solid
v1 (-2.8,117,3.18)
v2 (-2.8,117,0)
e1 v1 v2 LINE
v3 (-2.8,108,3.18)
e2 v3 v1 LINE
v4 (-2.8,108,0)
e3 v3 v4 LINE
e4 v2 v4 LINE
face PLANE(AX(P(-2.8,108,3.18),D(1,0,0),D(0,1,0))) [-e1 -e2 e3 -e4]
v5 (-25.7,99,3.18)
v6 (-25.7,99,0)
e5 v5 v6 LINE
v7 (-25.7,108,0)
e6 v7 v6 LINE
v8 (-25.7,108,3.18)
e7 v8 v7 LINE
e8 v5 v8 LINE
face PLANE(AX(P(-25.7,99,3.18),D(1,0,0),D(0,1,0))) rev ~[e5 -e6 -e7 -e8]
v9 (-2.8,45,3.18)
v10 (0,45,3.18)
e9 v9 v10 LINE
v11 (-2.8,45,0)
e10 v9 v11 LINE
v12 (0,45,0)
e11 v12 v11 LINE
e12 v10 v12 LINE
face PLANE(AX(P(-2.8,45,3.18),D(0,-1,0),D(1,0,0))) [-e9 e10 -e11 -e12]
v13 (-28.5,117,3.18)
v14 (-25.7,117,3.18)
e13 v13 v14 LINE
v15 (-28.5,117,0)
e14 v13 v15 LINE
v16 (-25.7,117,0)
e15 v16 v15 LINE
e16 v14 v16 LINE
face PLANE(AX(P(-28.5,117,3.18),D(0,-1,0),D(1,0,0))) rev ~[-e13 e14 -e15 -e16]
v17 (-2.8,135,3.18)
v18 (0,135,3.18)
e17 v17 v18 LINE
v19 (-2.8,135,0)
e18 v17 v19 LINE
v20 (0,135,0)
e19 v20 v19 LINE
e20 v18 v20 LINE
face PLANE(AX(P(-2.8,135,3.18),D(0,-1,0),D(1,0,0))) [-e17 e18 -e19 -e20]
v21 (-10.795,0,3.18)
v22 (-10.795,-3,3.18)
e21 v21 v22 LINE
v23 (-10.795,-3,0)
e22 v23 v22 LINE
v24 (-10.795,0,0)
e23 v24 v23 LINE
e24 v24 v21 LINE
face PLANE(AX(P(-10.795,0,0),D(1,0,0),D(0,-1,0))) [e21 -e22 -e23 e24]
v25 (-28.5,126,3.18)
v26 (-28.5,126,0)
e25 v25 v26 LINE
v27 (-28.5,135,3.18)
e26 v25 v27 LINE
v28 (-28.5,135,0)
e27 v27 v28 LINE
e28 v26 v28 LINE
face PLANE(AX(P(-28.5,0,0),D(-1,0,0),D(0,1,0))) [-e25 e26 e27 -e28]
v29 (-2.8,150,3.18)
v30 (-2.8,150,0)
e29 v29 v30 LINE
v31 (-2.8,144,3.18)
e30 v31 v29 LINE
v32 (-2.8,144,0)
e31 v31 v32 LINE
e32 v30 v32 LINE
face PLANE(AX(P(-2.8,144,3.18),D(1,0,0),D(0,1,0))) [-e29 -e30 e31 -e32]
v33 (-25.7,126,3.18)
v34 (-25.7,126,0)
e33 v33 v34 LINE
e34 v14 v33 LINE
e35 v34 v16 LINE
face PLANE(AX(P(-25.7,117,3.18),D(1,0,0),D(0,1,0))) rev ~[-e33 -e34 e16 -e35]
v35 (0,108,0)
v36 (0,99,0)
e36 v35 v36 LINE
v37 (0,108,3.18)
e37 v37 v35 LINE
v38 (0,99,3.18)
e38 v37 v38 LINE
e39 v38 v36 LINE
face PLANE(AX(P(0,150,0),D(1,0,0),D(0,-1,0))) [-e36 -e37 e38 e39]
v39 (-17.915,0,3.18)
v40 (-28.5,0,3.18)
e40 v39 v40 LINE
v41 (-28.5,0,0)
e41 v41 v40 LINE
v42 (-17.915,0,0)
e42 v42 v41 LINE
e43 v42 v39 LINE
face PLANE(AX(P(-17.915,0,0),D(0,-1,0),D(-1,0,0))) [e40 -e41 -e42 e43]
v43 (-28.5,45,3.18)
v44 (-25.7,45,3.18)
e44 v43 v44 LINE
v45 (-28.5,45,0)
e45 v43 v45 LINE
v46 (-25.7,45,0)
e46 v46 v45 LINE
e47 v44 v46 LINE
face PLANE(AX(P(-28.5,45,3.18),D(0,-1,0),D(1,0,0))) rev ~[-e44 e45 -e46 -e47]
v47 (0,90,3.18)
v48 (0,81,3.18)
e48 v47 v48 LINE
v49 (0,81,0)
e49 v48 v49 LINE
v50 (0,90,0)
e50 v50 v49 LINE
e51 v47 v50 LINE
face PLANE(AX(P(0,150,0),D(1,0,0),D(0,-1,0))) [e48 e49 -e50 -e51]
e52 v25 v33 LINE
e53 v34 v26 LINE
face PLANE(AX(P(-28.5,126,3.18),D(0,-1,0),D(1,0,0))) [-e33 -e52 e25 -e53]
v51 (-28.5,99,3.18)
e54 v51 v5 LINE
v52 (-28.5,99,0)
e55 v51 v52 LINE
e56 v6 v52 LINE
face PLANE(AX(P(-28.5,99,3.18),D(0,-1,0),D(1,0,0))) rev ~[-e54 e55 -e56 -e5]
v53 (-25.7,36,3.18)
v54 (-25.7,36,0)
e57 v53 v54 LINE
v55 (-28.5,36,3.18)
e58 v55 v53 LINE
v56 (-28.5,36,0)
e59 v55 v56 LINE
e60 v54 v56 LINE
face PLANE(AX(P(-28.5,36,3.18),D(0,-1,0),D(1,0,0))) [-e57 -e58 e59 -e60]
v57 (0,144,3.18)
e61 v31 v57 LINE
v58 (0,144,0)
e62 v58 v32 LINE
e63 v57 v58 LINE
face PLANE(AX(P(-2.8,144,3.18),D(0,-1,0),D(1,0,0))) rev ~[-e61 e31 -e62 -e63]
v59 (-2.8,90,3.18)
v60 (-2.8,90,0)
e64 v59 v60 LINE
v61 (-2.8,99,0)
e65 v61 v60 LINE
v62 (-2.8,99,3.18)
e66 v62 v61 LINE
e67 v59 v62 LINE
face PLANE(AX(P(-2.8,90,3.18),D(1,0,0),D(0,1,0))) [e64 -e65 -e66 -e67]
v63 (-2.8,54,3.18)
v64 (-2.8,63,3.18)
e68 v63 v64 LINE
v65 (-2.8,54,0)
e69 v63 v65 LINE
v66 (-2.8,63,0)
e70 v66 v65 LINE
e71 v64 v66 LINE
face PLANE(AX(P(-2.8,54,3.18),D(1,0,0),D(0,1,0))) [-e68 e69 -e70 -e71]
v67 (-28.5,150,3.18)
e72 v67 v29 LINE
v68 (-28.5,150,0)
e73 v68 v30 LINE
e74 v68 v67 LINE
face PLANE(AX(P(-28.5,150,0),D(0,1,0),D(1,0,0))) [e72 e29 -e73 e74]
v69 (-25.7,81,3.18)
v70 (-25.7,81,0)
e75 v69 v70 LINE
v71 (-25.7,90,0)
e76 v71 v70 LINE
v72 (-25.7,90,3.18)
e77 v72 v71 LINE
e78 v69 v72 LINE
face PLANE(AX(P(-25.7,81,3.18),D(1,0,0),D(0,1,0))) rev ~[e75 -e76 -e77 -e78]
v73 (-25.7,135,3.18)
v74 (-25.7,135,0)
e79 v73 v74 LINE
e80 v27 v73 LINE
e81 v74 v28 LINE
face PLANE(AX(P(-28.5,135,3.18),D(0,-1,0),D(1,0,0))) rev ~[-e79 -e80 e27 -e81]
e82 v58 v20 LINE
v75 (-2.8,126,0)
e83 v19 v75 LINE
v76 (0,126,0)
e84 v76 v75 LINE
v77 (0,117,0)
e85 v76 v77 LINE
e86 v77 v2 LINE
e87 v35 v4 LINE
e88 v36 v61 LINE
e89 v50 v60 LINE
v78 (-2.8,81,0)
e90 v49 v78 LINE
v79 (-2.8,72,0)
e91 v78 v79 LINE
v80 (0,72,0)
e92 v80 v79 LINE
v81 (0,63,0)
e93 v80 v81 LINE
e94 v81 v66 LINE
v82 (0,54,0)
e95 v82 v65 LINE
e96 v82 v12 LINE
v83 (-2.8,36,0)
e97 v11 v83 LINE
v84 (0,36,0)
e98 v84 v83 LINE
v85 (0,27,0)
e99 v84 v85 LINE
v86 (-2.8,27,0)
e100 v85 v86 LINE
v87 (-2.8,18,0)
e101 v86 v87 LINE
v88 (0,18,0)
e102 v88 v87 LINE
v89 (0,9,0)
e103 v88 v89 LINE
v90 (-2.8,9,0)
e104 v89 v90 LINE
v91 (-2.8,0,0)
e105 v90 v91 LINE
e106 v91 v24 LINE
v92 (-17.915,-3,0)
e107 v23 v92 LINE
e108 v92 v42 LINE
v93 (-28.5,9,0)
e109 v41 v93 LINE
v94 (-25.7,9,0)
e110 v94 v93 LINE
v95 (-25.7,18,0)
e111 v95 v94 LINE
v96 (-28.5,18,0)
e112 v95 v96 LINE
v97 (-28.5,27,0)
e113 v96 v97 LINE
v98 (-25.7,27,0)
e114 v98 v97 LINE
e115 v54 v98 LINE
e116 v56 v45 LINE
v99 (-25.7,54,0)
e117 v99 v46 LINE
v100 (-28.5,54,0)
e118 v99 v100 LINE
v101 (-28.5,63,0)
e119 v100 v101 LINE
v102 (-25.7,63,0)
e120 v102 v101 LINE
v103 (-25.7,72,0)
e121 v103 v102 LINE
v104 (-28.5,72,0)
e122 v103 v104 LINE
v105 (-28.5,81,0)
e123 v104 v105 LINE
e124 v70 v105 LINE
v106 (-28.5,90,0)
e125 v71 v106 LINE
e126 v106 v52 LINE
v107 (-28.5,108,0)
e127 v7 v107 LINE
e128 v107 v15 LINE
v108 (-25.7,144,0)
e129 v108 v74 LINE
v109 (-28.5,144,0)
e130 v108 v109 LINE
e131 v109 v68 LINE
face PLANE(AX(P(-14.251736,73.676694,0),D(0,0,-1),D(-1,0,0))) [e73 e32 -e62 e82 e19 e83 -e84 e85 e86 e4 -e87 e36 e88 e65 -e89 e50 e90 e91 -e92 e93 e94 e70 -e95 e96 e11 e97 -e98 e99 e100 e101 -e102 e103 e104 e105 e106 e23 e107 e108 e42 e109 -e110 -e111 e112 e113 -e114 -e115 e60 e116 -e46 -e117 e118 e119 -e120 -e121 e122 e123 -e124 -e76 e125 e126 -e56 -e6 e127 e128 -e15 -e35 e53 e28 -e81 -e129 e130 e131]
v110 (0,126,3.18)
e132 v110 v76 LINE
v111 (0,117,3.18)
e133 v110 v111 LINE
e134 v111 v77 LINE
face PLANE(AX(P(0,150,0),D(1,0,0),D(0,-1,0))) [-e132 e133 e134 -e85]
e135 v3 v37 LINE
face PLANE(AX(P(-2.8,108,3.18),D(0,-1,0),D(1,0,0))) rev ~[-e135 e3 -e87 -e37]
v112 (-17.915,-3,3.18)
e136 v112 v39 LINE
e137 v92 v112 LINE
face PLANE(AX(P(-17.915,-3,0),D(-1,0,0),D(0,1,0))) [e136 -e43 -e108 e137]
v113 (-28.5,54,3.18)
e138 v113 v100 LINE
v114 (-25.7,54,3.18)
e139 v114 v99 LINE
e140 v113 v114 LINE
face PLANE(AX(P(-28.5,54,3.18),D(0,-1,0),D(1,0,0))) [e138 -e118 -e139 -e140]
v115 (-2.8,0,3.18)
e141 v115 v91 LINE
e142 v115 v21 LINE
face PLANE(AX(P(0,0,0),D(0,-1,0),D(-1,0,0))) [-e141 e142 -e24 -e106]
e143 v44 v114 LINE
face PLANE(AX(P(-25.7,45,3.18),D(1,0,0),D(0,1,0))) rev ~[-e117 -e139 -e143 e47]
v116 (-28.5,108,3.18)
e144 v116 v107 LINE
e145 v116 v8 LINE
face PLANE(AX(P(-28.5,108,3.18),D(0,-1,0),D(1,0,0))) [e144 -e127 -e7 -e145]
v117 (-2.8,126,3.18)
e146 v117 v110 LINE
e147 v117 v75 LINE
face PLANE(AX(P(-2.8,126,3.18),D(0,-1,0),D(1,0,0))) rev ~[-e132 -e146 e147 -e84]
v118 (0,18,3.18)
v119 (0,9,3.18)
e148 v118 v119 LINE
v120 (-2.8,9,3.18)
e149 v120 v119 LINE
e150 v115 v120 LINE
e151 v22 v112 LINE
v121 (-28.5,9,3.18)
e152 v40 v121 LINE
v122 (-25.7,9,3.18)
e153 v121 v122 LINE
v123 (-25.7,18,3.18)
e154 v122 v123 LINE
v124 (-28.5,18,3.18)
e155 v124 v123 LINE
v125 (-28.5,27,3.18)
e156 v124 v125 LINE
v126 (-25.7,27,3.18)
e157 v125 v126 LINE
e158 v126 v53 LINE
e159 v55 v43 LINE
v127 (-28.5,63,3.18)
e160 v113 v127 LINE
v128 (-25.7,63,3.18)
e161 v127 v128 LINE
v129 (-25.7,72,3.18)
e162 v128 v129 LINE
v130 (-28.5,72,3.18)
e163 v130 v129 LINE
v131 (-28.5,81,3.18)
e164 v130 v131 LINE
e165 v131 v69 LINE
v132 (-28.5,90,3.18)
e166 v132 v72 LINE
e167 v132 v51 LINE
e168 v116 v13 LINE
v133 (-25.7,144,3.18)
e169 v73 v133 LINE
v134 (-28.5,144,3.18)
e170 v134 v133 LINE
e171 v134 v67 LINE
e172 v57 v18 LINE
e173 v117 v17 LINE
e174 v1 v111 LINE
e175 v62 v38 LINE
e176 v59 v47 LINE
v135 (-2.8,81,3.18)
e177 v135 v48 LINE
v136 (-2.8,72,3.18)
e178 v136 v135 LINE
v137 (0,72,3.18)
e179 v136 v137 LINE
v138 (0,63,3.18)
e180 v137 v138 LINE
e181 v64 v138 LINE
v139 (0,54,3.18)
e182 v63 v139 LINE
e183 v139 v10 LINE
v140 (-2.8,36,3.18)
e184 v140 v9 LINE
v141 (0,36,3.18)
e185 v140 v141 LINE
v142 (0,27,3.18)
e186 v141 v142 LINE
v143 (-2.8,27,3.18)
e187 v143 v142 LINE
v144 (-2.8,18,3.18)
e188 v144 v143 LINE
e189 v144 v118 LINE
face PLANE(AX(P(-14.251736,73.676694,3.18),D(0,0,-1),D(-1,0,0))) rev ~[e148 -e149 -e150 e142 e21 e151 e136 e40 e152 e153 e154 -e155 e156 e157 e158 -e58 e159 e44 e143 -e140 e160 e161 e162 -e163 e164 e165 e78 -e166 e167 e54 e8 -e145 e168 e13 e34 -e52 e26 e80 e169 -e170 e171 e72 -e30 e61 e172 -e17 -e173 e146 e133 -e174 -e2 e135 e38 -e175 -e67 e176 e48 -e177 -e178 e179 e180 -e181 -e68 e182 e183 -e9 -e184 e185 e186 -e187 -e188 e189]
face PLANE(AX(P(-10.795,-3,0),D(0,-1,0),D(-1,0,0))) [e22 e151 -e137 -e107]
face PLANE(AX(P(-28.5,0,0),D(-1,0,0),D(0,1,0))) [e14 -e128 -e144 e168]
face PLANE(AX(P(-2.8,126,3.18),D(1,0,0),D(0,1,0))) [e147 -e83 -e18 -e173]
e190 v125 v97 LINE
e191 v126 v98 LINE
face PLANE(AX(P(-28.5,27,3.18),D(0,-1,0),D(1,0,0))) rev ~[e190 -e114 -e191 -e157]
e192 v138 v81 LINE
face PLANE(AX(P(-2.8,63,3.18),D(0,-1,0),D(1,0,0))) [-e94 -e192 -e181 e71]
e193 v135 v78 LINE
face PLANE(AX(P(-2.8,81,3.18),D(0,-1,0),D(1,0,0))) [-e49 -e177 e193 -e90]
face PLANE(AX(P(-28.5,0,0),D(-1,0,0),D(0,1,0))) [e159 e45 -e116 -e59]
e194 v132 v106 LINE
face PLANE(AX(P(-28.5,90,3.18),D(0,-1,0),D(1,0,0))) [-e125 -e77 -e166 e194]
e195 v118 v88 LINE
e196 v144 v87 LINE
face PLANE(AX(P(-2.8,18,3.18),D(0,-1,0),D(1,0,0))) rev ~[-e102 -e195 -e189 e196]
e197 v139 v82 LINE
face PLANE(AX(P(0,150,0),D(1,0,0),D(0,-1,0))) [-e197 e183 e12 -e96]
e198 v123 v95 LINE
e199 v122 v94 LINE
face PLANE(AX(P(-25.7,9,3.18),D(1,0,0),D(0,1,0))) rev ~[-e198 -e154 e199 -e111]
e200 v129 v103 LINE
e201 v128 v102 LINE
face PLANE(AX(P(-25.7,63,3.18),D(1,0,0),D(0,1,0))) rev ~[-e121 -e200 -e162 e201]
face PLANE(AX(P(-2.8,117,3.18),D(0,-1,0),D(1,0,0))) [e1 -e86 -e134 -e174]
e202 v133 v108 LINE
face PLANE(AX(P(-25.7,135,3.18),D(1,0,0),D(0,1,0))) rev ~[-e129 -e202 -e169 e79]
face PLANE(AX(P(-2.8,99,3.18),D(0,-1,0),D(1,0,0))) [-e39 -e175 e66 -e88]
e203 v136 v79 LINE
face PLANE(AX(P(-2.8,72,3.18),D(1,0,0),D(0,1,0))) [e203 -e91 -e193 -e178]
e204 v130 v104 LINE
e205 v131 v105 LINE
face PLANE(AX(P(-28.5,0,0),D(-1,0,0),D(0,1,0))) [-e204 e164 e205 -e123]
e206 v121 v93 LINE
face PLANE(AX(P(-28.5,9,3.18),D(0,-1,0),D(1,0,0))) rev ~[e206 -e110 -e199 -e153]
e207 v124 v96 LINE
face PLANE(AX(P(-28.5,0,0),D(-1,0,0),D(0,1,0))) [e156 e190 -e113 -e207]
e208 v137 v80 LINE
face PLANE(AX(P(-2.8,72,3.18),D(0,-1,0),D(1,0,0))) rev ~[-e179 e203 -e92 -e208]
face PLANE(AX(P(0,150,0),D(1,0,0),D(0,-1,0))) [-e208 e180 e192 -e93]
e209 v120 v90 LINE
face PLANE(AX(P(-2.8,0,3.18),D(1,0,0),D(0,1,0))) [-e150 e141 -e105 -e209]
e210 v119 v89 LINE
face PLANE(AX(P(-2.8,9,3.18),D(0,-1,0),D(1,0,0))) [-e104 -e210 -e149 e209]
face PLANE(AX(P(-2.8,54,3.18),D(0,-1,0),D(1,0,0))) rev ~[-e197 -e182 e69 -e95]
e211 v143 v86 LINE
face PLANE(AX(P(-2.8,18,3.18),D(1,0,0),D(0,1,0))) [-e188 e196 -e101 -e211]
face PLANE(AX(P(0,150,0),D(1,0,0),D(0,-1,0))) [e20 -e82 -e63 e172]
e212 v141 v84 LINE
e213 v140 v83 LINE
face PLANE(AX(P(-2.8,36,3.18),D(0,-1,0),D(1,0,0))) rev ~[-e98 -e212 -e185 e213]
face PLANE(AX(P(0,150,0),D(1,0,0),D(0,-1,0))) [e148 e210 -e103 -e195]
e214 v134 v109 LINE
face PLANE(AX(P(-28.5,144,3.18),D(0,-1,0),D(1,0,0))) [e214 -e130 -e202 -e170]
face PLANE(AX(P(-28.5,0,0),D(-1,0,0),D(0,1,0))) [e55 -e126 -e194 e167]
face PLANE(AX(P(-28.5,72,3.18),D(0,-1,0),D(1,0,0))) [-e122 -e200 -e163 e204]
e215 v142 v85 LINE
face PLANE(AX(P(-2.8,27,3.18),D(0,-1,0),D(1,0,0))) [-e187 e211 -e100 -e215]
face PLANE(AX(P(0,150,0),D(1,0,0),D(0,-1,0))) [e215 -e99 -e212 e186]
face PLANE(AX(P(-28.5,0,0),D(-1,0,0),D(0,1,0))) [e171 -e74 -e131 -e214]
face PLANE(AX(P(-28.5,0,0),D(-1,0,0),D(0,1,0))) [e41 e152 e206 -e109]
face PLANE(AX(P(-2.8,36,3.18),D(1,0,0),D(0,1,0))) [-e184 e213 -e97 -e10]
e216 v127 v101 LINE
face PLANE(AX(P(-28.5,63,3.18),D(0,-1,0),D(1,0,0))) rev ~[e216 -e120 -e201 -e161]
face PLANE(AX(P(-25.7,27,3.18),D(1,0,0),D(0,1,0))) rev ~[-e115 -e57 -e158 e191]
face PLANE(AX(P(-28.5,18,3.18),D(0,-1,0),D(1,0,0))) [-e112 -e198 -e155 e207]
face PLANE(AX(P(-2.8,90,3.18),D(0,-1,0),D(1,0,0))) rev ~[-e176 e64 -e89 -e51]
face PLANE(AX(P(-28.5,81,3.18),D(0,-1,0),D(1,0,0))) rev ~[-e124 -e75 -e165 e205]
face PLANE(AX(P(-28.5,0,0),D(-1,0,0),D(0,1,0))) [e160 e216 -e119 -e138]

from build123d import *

# Parameters (mm, degrees)
BOSS_EXTRUDE1_DEPTH = 3.18
SKETCH2_W           = 2.8
SKETCH2_H           = 9
SKETCH2_H_2         = 6
CUT_EXTRUDE1_DEPTH  = 153.716608134


with BuildPart() as part:
    # Sketch1 → Boss-Extrude1 (new body)
    with BuildSketch(Plane.XY):
        Polygon((-10.795, 0), (-10.795, -3), (-17.915, -3), (-17.915, 0), (-28.5, 0), (-28.5, 150), (0, 150), (0, 0), align=None)
    extrude(amount=BOSS_EXTRUDE1_DEPTH)

    # Sketch2 → Cut-Extrude1 (cut, through all)
    with BuildSketch(Plane.XY.offset(3.18)):
        with Locations((-27.1, 13.5)):
            Rectangle(SKETCH2_W, SKETCH2_H)
        with Locations((-27.1, 31.5)):
            Rectangle(SKETCH2_W, SKETCH2_H)
        with Locations((-27.1, 49.5)):
            Rectangle(SKETCH2_W, SKETCH2_H)
        with Locations((-27.1, 67.5)):
            Rectangle(SKETCH2_W, SKETCH2_H)
        with Locations((-27.1, 85.5)):
            Rectangle(SKETCH2_W, SKETCH2_H)
        with Locations((-27.1, 103.5)):
            Rectangle(SKETCH2_W, SKETCH2_H)
        with Locations((-27.1, 121.5)):
            Rectangle(SKETCH2_W, SKETCH2_H)
        with Locations((-27.1, 139.5)):
            Rectangle(SKETCH2_W, SKETCH2_H)
        with Locations((-1.4, 4.5)):
            Rectangle(SKETCH2_W, SKETCH2_H)
        with Locations((-1.4, 22.5)):
            Rectangle(SKETCH2_W, SKETCH2_H)
        with Locations((-1.4, 40.5)):
            Rectangle(SKETCH2_W, SKETCH2_H)
        with Locations((-1.4, 58.5)):
            Rectangle(SKETCH2_W, SKETCH2_H)
        with Locations((-1.4, 76.5)):
            Rectangle(SKETCH2_W, SKETCH2_H)
        with Locations((-1.4, 94.5)):
            Rectangle(SKETCH2_W, SKETCH2_H)
        with Locations((-1.4, 112.5)):
            Rectangle(SKETCH2_W, SKETCH2_H)
        with Locations((-1.4, 130.5)):
            Rectangle(SKETCH2_W, SKETCH2_H)
        with Locations((-1.4, 147)):
            Rectangle(SKETCH2_W, SKETCH2_H_2)
    extrude(amount=-CUT_EXTRUDE1_DEPTH, mode=Mode.SUBTRACT)


solid = part.part
